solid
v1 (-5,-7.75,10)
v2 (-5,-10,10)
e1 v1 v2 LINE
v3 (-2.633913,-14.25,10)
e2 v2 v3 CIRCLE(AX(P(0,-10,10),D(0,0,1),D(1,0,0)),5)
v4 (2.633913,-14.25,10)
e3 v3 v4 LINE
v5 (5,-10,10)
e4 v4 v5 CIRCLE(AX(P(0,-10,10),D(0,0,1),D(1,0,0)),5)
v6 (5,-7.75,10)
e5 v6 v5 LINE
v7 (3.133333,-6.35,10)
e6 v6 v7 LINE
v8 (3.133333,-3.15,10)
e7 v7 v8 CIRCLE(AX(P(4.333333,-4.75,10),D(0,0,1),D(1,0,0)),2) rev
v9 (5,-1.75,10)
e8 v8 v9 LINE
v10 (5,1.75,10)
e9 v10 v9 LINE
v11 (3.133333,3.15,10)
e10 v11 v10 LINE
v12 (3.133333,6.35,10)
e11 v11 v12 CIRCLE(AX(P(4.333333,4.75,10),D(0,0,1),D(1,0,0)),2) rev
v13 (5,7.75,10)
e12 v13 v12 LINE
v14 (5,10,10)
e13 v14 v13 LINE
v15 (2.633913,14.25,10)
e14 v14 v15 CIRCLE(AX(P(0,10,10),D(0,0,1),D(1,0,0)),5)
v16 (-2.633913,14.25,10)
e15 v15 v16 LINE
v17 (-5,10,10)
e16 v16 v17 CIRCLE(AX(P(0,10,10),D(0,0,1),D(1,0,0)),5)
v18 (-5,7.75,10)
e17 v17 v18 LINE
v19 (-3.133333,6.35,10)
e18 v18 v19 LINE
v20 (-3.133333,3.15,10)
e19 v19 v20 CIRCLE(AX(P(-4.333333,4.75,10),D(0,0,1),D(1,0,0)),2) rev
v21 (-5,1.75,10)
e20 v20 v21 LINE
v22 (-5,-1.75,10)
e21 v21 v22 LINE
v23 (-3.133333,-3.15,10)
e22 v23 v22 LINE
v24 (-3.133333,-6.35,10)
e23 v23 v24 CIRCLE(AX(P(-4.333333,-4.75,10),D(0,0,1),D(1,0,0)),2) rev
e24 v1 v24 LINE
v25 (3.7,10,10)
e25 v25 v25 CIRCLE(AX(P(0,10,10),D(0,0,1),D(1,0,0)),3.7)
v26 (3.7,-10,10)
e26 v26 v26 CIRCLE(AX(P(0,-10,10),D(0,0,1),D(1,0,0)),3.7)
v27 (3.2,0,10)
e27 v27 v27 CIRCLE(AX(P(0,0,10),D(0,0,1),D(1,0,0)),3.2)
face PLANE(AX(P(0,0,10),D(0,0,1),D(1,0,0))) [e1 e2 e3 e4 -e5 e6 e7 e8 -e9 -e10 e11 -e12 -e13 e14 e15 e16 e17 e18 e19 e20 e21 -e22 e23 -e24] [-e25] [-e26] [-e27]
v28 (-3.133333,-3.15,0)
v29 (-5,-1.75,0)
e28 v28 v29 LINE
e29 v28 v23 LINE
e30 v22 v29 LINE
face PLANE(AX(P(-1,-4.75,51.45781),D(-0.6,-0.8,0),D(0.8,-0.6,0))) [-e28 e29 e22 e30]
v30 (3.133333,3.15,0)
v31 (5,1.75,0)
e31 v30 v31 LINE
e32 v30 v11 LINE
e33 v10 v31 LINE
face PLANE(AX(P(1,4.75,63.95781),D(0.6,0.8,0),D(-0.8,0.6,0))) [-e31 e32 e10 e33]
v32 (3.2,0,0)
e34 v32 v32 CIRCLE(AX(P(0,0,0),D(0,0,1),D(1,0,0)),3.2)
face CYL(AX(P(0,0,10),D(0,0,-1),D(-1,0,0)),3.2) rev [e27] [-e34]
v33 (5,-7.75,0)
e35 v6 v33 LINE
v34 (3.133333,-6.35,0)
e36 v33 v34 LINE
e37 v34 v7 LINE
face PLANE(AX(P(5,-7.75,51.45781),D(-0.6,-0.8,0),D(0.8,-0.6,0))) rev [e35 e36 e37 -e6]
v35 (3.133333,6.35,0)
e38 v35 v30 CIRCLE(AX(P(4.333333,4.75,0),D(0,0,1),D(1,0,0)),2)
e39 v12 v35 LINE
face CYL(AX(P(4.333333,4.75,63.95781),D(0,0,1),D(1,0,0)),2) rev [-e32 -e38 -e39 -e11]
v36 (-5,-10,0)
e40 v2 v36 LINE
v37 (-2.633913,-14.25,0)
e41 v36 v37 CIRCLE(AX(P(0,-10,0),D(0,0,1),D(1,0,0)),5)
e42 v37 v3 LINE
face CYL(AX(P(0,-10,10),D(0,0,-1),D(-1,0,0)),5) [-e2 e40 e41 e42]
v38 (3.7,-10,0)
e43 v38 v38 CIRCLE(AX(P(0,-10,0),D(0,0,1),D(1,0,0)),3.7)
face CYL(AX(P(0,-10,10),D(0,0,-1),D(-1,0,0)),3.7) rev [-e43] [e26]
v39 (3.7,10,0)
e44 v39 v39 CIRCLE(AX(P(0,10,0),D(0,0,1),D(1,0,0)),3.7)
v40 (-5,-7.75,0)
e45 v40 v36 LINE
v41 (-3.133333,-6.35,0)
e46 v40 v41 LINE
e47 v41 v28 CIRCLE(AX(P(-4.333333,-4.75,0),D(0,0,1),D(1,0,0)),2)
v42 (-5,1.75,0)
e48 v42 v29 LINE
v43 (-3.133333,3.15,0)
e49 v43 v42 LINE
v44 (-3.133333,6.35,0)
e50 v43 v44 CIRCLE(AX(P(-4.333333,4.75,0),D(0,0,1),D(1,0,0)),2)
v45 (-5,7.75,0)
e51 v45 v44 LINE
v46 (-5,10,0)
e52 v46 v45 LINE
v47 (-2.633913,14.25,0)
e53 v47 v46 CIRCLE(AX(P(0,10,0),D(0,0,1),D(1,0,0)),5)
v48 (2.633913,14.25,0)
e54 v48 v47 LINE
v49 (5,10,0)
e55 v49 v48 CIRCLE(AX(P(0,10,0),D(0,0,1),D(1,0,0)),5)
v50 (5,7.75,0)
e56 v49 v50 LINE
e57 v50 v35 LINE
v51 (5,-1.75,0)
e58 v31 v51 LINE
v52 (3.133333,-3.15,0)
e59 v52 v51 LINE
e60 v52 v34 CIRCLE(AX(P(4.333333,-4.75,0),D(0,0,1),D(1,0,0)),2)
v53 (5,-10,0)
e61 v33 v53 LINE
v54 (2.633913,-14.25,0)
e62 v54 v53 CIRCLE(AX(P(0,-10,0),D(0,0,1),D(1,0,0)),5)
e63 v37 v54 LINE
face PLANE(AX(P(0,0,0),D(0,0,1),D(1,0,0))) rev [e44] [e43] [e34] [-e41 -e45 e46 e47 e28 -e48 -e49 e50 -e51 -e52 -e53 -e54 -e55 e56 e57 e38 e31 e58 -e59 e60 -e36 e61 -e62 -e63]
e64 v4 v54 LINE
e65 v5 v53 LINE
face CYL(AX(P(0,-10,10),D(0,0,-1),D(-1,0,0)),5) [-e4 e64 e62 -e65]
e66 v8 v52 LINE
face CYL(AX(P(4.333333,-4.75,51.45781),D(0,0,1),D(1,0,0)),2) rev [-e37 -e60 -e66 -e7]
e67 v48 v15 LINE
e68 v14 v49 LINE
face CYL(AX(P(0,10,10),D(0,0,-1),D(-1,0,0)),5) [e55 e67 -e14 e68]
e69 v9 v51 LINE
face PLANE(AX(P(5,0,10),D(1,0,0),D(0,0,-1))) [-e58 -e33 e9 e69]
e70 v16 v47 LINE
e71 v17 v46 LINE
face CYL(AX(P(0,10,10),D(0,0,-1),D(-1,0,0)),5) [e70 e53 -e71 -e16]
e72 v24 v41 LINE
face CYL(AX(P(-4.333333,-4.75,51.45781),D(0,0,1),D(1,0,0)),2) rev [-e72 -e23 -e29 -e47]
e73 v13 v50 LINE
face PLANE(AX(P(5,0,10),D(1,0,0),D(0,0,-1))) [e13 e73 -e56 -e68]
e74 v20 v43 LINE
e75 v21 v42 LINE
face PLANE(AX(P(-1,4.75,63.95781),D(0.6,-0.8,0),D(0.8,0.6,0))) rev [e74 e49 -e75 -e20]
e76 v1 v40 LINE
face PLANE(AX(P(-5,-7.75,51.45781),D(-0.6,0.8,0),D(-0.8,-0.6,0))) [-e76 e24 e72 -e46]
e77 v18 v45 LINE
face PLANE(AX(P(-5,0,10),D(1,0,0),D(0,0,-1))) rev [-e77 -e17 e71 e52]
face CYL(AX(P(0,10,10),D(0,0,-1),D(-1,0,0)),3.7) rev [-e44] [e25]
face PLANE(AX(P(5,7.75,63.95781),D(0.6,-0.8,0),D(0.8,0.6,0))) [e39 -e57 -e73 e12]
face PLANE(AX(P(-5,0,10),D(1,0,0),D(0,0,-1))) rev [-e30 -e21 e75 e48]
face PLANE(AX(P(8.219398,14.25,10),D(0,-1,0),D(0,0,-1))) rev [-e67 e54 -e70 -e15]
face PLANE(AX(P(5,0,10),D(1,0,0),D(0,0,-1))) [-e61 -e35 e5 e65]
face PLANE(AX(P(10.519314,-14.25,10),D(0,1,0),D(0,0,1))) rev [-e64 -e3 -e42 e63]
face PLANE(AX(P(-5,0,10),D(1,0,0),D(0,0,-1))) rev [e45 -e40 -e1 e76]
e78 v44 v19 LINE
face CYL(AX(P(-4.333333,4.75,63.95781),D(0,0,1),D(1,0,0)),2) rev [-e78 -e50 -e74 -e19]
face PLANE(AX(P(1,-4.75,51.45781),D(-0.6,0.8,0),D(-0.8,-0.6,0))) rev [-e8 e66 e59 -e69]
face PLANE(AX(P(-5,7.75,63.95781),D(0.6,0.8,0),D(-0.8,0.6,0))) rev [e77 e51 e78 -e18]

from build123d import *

# Parameters (mm, degrees)
ESQUISSE1_R             = 3.7
ESQUISSE1_R_2           = 3.2
BOSS_EXTRU_1_DEPTH      = 10
ENL_V_START             = -10
ENL_V_MAT_EXTRU_1_DEPTH = 29.708286934
SYM_TRIE2_START         = -10
SYM_TRIE2_COPY_1_DEPTH  = 29.708286934
CONG_1_R                = 2
ESQUISSE3_W             = 16.438795986
ESQUISSE3_H             = 1.5
ESQUISSE3_W_2           = 21.038627968
ENL_V_MAT_EXTRU_2_DEPTH = 19.708286934


with BuildPart() as part:
    # Esquisse1 → Boss.-Extru.1 (new body)
    with BuildSketch(Plane.XY):
        with BuildLine():
            ThreePointArc((5, 10), (0, 15), (-5, 10))
            Line((-5, 10), (-5, -10))
            ThreePointArc((-5, -10), (0, -15), (5, -10))
            Line((5, -10), (5, 10))
        make_face()
        with Locations((0, 10)):
            Circle(ESQUISSE1_R, mode=Mode.SUBTRACT)
        Circle(ESQUISSE1_R_2, mode=Mode.SUBTRACT)
        with Locations((0, -10)):
            Circle(ESQUISSE1_R, mode=Mode.SUBTRACT)
    extrude(amount=BOSS_EXTRU_1_DEPTH)

    # Esquisse2 → Enlèv. mat.-Extru.1 (cut)
    with BuildSketch(Plane.XY.offset(10).offset(ENL_V_START)):
        Polygon((52.761287706, 43.570965779), (5, 7.75), (1, 4.75), (5, 1.75), (52.761287706, -34.070965779), (172.164506969, -34.070965779), (172.164506969, 43.570965779), align=None)
    enl_v_mat_extru_1 = extrude(amount=ENL_V_MAT_EXTRU_1_DEPTH, mode=Mode.SUBTRACT)

    # Symétrie1: Enlèv. mat.-Extru.1 across plane
    add(enl_v_mat_extru_1.mirror(Plane(origin=(0, 0, 0), x_dir=(0, 0, 1), z_dir=(1, 0, 0))), mode=Mode.SUBTRACT)

    # Symétrie2: Enlèv. mat.-Extru.1 across plane
    add(enl_v_mat_extru_1.mirror(Plane.ZX), mode=Mode.SUBTRACT)

    # Symétrie2 copy 1 sketch → Symétrie2 copy 1 (cut)
    with BuildSketch(Plane(origin=(0, 0, 10), x_dir=(-1, 0, 0), z_dir=(0, 0, 1)).offset(SYM_TRIE2_START)):
        Polygon((52.761287706, 43.570965779), (5, 7.75), (1, 4.75), (5, 1.75), (52.761287706, -34.070965779), (172.164506969, -34.070965779), (172.164506969, 43.570965779), align=None)
    extrude(amount=SYM_TRIE2_COPY_1_DEPTH, mode=Mode.SUBTRACT)

    # Congé1
    cong_1_edges = [part.edges().sort_by_distance(p)[0] for p in [
        (1, 4.75, 5),
        (-1, 4.75, 5),
        (-1, -4.75, 5),
        (1, -4.75, 5),
    ]]
    fillet(cong_1_edges, radius=CONG_1_R)

    # Esquisse3 → Enlèv. mat.-Extru.2 (cut, through all)
    with BuildSketch(Plane(origin=(0, 0, 0), x_dir=(-1, 0, 0), z_dir=(0, 0, -1))):
        with Locations((0, 15)):
            Rectangle(ESQUISSE3_W, ESQUISSE3_H)
        with Locations((0, -15)):
            Rectangle(ESQUISSE3_W_2, ESQUISSE3_H)
    extrude(amount=-ENL_V_MAT_EXTRU_2_DEPTH, mode=Mode.SUBTRACT)


solid = part.part
